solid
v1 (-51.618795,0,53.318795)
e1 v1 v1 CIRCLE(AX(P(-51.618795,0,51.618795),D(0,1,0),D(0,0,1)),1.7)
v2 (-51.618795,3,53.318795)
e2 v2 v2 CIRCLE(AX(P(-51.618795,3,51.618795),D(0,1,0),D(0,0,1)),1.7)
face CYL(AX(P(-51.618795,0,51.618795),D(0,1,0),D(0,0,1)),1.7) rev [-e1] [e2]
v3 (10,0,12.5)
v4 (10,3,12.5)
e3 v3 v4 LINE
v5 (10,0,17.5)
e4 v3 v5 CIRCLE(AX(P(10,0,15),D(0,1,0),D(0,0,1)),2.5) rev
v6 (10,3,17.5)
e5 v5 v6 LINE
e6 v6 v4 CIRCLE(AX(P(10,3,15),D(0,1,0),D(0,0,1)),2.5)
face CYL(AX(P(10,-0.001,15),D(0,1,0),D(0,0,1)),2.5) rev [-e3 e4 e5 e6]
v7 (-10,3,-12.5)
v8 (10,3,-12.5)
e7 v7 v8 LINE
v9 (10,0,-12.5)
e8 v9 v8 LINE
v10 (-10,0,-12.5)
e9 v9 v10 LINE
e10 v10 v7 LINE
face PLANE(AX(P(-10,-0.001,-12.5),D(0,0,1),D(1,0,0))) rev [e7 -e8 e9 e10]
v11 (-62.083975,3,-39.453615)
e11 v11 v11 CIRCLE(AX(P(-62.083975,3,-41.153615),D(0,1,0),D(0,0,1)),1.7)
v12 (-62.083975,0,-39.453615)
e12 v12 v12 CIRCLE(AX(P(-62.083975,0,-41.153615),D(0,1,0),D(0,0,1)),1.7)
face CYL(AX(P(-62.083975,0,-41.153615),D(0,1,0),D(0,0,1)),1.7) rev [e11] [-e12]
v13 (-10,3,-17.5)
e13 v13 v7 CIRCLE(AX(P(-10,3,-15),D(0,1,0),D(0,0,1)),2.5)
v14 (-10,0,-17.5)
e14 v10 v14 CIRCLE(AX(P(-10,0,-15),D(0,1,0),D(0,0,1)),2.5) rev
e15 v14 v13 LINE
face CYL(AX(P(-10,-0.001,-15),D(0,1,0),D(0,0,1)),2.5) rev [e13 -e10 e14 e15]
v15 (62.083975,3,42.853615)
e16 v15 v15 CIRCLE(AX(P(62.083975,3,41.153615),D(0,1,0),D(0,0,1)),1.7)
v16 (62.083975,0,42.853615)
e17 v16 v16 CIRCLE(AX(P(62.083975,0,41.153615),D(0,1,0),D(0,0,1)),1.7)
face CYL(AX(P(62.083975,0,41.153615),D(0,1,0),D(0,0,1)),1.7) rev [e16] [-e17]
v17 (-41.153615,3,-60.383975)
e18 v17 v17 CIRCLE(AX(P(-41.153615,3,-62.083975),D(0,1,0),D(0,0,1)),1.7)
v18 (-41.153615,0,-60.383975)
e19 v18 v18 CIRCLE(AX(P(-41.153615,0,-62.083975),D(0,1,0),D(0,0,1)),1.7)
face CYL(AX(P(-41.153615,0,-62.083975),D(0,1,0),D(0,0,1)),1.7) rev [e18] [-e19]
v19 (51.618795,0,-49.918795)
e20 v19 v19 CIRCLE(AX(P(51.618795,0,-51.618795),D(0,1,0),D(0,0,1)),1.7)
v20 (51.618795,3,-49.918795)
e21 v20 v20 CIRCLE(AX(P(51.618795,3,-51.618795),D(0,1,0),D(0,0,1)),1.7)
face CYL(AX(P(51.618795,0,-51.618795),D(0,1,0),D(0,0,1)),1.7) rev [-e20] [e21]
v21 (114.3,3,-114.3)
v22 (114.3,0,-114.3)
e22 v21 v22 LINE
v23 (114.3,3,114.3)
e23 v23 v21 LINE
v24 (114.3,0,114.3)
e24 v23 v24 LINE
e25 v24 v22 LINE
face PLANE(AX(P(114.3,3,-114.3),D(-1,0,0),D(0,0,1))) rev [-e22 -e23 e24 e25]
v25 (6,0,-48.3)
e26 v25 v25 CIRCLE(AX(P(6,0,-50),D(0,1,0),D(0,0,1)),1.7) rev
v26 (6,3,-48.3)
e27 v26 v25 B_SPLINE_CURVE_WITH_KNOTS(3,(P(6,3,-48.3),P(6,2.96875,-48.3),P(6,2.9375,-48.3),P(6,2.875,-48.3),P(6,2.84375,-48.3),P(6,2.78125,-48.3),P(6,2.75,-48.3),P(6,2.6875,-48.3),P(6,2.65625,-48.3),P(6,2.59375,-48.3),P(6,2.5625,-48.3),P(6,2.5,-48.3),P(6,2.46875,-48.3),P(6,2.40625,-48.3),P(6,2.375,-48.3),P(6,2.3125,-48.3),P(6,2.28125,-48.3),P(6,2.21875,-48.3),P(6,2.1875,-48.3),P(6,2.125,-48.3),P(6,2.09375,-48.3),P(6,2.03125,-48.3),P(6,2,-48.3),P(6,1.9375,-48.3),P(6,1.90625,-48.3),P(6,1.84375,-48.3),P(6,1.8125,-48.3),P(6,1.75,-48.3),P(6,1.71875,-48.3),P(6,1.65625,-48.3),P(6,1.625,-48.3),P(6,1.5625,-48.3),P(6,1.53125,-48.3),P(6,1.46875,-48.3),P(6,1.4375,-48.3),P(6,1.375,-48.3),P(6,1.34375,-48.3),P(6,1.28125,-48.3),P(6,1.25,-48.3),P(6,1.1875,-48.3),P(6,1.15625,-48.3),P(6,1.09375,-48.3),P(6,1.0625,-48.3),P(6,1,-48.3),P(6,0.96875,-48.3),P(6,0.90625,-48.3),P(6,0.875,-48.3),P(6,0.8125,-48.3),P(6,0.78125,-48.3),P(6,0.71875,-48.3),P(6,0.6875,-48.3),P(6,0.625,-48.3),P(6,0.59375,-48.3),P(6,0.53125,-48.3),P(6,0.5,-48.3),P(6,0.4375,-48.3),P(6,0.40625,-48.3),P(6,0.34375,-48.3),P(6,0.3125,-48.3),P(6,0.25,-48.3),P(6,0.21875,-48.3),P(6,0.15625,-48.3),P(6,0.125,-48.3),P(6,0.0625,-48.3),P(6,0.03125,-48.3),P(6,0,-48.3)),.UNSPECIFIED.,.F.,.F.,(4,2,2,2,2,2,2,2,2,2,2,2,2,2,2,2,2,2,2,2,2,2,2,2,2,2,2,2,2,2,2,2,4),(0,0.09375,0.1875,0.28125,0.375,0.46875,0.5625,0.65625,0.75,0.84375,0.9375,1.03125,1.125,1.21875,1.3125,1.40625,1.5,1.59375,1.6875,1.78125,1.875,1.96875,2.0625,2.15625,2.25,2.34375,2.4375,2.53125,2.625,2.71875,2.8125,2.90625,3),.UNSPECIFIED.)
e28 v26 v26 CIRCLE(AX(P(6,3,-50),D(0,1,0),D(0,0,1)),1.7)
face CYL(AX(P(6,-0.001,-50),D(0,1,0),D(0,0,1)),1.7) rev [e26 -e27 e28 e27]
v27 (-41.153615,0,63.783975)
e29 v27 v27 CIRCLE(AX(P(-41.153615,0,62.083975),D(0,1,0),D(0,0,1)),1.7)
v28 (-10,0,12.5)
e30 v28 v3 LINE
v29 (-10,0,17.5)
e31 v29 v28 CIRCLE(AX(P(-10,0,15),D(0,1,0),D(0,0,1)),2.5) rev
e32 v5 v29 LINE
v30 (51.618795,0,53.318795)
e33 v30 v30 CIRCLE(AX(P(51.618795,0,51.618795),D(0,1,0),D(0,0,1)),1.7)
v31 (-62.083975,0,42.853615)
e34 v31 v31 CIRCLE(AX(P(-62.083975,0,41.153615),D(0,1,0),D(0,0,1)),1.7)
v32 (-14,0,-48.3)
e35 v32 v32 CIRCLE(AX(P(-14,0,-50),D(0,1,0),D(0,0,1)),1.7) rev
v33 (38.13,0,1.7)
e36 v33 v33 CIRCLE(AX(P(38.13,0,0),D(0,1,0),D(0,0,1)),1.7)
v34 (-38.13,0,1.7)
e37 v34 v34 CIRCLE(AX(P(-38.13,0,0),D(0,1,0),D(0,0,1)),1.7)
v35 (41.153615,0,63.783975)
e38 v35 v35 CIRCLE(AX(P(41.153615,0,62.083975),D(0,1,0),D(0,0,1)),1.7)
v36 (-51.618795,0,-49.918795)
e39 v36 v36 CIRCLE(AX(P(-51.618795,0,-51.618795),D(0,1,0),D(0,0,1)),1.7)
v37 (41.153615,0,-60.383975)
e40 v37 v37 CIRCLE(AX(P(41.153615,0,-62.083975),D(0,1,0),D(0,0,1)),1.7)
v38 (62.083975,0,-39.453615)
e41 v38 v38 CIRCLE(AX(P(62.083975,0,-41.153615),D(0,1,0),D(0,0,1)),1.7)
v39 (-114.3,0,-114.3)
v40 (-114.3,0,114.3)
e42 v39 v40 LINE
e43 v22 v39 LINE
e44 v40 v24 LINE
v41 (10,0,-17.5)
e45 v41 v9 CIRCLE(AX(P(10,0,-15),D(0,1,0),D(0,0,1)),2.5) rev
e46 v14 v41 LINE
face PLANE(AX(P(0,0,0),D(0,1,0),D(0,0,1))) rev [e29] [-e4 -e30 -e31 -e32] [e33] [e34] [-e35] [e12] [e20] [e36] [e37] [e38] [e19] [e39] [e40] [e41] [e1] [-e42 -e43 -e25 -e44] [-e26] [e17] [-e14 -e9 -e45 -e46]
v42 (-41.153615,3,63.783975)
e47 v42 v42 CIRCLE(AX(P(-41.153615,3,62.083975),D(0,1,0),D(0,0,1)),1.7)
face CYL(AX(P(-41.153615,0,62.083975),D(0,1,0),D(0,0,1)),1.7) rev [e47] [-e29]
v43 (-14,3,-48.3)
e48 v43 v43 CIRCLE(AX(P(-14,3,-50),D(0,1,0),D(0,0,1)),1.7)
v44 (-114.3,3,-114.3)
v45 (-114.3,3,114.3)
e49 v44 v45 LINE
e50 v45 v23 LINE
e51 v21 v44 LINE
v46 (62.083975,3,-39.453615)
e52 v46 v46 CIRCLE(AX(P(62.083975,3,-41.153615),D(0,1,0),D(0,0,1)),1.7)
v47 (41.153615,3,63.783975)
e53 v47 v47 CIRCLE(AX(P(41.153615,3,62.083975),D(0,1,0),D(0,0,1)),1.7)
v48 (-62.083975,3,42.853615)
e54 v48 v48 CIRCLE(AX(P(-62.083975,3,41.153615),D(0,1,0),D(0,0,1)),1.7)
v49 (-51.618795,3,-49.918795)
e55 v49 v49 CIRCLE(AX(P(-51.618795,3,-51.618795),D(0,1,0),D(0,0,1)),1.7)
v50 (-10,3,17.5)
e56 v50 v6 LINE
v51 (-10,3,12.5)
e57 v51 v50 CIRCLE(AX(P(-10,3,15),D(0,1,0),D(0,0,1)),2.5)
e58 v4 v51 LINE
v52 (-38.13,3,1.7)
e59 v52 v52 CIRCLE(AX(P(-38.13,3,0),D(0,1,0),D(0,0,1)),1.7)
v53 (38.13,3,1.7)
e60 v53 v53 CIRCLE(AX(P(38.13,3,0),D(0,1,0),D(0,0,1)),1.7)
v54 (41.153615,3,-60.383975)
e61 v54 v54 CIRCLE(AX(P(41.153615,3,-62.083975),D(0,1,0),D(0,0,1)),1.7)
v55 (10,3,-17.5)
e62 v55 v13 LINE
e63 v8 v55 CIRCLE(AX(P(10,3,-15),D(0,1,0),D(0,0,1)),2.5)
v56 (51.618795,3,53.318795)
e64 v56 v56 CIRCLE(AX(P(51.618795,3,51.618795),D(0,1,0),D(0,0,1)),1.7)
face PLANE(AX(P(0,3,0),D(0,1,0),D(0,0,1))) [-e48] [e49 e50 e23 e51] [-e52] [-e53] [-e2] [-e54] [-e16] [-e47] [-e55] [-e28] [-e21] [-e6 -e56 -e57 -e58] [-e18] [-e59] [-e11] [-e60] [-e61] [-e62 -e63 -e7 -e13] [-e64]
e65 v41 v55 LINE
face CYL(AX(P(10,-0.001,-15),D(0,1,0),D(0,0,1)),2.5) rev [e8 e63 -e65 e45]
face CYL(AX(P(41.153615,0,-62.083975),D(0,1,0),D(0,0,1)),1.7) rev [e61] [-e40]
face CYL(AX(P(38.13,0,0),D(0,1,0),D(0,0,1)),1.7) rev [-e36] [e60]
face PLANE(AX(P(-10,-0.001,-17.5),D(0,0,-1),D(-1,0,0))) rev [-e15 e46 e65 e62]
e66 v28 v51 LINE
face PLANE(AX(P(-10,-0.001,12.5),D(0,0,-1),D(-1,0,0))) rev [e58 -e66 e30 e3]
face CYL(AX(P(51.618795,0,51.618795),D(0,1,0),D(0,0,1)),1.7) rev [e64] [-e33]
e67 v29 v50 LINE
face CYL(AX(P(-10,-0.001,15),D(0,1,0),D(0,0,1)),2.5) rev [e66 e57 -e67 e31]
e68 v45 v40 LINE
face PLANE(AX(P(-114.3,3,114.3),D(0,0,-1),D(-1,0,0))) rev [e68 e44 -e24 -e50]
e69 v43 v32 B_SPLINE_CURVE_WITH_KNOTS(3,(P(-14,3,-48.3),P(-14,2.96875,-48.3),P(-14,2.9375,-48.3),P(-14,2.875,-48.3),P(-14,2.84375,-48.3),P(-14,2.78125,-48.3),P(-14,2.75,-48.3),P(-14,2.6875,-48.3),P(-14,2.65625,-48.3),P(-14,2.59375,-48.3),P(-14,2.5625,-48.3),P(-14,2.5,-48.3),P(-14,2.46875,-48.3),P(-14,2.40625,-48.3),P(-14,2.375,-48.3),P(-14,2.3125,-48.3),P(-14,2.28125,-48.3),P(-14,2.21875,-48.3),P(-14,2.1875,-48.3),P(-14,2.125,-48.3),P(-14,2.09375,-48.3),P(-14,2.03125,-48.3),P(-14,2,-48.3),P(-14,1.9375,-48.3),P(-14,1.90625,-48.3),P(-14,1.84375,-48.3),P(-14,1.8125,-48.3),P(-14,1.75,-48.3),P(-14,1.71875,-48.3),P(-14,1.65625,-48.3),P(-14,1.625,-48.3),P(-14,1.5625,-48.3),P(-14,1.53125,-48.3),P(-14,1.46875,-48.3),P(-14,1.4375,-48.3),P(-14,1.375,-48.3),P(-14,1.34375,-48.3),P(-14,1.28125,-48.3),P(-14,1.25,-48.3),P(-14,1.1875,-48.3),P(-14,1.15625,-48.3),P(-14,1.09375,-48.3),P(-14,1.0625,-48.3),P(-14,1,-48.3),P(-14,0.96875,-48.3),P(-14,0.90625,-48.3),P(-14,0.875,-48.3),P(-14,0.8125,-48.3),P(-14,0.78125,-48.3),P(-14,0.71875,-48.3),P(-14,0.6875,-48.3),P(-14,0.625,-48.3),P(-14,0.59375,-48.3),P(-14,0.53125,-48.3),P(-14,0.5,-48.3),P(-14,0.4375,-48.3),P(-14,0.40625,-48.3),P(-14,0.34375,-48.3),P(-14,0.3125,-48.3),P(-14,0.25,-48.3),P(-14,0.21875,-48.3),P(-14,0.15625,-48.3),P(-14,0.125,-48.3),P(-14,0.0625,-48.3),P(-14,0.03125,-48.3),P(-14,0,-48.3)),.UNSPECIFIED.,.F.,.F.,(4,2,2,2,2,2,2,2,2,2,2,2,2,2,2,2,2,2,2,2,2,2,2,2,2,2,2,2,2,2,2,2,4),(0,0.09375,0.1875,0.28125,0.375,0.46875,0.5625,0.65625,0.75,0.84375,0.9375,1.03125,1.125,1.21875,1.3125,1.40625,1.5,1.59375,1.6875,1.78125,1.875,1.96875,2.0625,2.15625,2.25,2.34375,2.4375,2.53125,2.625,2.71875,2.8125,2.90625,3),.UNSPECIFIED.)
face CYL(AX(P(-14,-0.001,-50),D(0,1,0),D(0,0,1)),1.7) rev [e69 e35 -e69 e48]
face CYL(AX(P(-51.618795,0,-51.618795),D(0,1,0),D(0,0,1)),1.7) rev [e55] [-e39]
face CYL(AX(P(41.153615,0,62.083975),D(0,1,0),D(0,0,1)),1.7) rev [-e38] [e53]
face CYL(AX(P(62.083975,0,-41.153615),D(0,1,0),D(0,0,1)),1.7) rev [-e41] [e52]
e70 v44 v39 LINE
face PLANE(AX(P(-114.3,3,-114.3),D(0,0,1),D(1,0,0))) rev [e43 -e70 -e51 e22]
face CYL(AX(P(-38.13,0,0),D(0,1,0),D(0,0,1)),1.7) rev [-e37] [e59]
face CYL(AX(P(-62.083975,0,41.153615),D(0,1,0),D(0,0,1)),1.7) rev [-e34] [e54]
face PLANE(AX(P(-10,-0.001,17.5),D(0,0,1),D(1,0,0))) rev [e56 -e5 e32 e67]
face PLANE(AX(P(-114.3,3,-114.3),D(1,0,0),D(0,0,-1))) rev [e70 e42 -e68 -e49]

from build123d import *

# Parameters (mm, degrees)
SKETCH1_W                                   = 228.6
SKETCH1_H                                   = 228.6
PLATE_DEPTH                                 = 3
SKETCH8_R                                   = 1.7
MOTOR_MOUNT_HOLES_DEPTH                     = 3
SKETCH9_R                                   = 1.7
CONNECTOR_BOARD_HOLES_DEPTH                 = 3
MOTOR_CONTROLLER_HOLDER_ARDUINO_HOLES_REACH = 163.672
SKETCH11_R                                  = 1.7
CABLE_SLOTS_REACH                           = 163.672


with BuildPart() as part:
    # Sketch1 → plate (new body)
    with BuildSketch(Plane(origin=(0, 0, 0), x_dir=(1, 0, 0), z_dir=(0, 1, 0))):
        Rectangle(SKETCH1_W, SKETCH1_H)
    extrude(amount=PLATE_DEPTH)

    # Sketch8 → motor-mount-holes (cut)
    with BuildSketch(Plane(origin=(0, 3, 0), x_dir=(1, 0, 0), z_dir=(0, 1, 0))):
        with Locations(Location((51.618795027, 51.618795027, 0), (0, 0, 270))):
            Circle(SKETCH8_R)
        with Locations(Location((62.083975388, 41.153614665, 0), (0, 0, 270))):
            Circle(SKETCH8_R)
        with Locations(Location((41.153614665, 62.083975388, 0), (0, 0, 270))):
            Circle(SKETCH8_R)
        with Locations(Location((51.618795027, -51.618795027, 0), (0, 0, 270))):
            Circle(SKETCH8_R)
        with Locations(Location((62.083975388, -41.153614665, 0), (0, 0, 270))):
            Circle(SKETCH8_R)
        with Locations(Location((41.153614665, -62.083975388, 0), (0, 0, 270))):
            Circle(SKETCH8_R)
        with Locations(Location((-51.618795027, -51.618795027, 0), (0, 0, 270))):
            Circle(SKETCH8_R)
        with Locations(Location((-41.153614665, -62.083975388, 0), (0, 0, 270))):
            Circle(SKETCH8_R)
        with Locations(Location((-62.083975388, -41.153614665, 0), (0, 0, 270))):
            Circle(SKETCH8_R)
        with Locations(Location((-51.618795027, 51.618795027, 0), (0, 0, 270))):
            Circle(SKETCH8_R)
        with Locations(Location((-62.083975388, 41.153614665, 0), (0, 0, 270))):
            Circle(SKETCH8_R)
        with Locations(Location((-41.153614665, 62.083975388, 0), (0, 0, 270))):
            Circle(SKETCH8_R)
    extrude(amount=-MOTOR_MOUNT_HOLES_DEPTH, mode=Mode.SUBTRACT)

    # Sketch9 → connector-board-holes (cut)
    with BuildSketch(Plane(origin=(0, 3, 0), x_dir=(1, 0, 0), z_dir=(0, 1, 0))):
        with Locations(Location((-38.13, 0, 0), (0, 0, 270))):
            Circle(SKETCH9_R)
        with Locations(Location((38.13, 0, 0), (0, 0, 270))):
            Circle(SKETCH9_R)
    extrude(amount=-CONNECTOR_BOARD_HOLES_DEPTH, mode=Mode.SUBTRACT)

    # Sketch11 → motor-controller-holder-arduino-holes (cut, up to next)
    with BuildSketch(Plane(origin=(0, 3, 0), x_dir=(1, 0, 0), z_dir=(0, 1, 0)), mode=Mode.PRIVATE) as motor_controller_holder_arduino_holes_sk1:
        with Locations(Location((-14, 50, 0), (0, 0, 270))):
            Circle(SKETCH11_R)
    motor_controller_holder_arduino_holes_tool1 = extrude(motor_controller_holder_arduino_holes_sk1.sketch, amount=-MOTOR_CONTROLLER_HOLDER_ARDUINO_HOLES_REACH, mode=Mode.PRIVATE) & part.part
    # Sketch11 → motor-controller-holder-arduino-holes (cut, up to next)
    with BuildSketch(Plane(origin=(0, 3, 0), x_dir=(1, 0, 0), z_dir=(0, 1, 0)), mode=Mode.PRIVATE) as motor_controller_holder_arduino_holes_sk2:
        with Locations(Location((6, 50, 0), (0, 0, 270))):
            Circle(SKETCH11_R)
    motor_controller_holder_arduino_holes_tool2 = extrude(motor_controller_holder_arduino_holes_sk2.sketch, amount=-MOTOR_CONTROLLER_HOLDER_ARDUINO_HOLES_REACH, mode=Mode.PRIVATE) & part.part
    add(motor_controller_holder_arduino_holes_tool1.solids().sort_by_distance((-14, 3, -50))[0], mode=Mode.SUBTRACT)
    add(motor_controller_holder_arduino_holes_tool2.solids().sort_by_distance((6, 3, -50))[0], mode=Mode.SUBTRACT)

    # Sketch12 → cable-slots (cut, up to next)
    with BuildSketch(Plane(origin=(0, 3, 0), x_dir=(1, 0, 0), z_dir=(0, 1, 0)), mode=Mode.PRIVATE) as cable_slots_sk1:
        with BuildLine():
            Line((-10, 17.5), (10, 17.5))
            ThreePointArc((10, 17.5), (12.5, 15), (10, 12.5))
            Line((10, 12.5), (-10, 12.5))
            ThreePointArc((-10, 12.5), (-12.5, 15), (-10, 17.5))
        make_face()
    cable_slots_tool1 = extrude(cable_slots_sk1.sketch, amount=-CABLE_SLOTS_REACH, mode=Mode.PRIVATE) & part.part
    # Sketch12 → cable-slots (cut, up to next)
    with BuildSketch(Plane(origin=(0, 3, 0), x_dir=(1, 0, 0), z_dir=(0, 1, 0)), mode=Mode.PRIVATE) as cable_slots_sk2:
        with BuildLine():
            Line((-10, -12.5), (10, -12.5))
            ThreePointArc((10, -12.5), (12.5, -15), (10, -17.5))
            Line((10, -17.5), (-10, -17.5))
            ThreePointArc((-10, -17.5), (-12.5, -15), (-10, -12.5))
        make_face()
    cable_slots_tool2 = extrude(cable_slots_sk2.sketch, amount=-CABLE_SLOTS_REACH, mode=Mode.PRIVATE) & part.part
    add(cable_slots_tool1.solids().sort_by_distance((0, 3, -15))[0], mode=Mode.SUBTRACT)
    add(cable_slots_tool2.solids().sort_by_distance((0, 3, 15))[0], mode=Mode.SUBTRACT)


solid = part.part
